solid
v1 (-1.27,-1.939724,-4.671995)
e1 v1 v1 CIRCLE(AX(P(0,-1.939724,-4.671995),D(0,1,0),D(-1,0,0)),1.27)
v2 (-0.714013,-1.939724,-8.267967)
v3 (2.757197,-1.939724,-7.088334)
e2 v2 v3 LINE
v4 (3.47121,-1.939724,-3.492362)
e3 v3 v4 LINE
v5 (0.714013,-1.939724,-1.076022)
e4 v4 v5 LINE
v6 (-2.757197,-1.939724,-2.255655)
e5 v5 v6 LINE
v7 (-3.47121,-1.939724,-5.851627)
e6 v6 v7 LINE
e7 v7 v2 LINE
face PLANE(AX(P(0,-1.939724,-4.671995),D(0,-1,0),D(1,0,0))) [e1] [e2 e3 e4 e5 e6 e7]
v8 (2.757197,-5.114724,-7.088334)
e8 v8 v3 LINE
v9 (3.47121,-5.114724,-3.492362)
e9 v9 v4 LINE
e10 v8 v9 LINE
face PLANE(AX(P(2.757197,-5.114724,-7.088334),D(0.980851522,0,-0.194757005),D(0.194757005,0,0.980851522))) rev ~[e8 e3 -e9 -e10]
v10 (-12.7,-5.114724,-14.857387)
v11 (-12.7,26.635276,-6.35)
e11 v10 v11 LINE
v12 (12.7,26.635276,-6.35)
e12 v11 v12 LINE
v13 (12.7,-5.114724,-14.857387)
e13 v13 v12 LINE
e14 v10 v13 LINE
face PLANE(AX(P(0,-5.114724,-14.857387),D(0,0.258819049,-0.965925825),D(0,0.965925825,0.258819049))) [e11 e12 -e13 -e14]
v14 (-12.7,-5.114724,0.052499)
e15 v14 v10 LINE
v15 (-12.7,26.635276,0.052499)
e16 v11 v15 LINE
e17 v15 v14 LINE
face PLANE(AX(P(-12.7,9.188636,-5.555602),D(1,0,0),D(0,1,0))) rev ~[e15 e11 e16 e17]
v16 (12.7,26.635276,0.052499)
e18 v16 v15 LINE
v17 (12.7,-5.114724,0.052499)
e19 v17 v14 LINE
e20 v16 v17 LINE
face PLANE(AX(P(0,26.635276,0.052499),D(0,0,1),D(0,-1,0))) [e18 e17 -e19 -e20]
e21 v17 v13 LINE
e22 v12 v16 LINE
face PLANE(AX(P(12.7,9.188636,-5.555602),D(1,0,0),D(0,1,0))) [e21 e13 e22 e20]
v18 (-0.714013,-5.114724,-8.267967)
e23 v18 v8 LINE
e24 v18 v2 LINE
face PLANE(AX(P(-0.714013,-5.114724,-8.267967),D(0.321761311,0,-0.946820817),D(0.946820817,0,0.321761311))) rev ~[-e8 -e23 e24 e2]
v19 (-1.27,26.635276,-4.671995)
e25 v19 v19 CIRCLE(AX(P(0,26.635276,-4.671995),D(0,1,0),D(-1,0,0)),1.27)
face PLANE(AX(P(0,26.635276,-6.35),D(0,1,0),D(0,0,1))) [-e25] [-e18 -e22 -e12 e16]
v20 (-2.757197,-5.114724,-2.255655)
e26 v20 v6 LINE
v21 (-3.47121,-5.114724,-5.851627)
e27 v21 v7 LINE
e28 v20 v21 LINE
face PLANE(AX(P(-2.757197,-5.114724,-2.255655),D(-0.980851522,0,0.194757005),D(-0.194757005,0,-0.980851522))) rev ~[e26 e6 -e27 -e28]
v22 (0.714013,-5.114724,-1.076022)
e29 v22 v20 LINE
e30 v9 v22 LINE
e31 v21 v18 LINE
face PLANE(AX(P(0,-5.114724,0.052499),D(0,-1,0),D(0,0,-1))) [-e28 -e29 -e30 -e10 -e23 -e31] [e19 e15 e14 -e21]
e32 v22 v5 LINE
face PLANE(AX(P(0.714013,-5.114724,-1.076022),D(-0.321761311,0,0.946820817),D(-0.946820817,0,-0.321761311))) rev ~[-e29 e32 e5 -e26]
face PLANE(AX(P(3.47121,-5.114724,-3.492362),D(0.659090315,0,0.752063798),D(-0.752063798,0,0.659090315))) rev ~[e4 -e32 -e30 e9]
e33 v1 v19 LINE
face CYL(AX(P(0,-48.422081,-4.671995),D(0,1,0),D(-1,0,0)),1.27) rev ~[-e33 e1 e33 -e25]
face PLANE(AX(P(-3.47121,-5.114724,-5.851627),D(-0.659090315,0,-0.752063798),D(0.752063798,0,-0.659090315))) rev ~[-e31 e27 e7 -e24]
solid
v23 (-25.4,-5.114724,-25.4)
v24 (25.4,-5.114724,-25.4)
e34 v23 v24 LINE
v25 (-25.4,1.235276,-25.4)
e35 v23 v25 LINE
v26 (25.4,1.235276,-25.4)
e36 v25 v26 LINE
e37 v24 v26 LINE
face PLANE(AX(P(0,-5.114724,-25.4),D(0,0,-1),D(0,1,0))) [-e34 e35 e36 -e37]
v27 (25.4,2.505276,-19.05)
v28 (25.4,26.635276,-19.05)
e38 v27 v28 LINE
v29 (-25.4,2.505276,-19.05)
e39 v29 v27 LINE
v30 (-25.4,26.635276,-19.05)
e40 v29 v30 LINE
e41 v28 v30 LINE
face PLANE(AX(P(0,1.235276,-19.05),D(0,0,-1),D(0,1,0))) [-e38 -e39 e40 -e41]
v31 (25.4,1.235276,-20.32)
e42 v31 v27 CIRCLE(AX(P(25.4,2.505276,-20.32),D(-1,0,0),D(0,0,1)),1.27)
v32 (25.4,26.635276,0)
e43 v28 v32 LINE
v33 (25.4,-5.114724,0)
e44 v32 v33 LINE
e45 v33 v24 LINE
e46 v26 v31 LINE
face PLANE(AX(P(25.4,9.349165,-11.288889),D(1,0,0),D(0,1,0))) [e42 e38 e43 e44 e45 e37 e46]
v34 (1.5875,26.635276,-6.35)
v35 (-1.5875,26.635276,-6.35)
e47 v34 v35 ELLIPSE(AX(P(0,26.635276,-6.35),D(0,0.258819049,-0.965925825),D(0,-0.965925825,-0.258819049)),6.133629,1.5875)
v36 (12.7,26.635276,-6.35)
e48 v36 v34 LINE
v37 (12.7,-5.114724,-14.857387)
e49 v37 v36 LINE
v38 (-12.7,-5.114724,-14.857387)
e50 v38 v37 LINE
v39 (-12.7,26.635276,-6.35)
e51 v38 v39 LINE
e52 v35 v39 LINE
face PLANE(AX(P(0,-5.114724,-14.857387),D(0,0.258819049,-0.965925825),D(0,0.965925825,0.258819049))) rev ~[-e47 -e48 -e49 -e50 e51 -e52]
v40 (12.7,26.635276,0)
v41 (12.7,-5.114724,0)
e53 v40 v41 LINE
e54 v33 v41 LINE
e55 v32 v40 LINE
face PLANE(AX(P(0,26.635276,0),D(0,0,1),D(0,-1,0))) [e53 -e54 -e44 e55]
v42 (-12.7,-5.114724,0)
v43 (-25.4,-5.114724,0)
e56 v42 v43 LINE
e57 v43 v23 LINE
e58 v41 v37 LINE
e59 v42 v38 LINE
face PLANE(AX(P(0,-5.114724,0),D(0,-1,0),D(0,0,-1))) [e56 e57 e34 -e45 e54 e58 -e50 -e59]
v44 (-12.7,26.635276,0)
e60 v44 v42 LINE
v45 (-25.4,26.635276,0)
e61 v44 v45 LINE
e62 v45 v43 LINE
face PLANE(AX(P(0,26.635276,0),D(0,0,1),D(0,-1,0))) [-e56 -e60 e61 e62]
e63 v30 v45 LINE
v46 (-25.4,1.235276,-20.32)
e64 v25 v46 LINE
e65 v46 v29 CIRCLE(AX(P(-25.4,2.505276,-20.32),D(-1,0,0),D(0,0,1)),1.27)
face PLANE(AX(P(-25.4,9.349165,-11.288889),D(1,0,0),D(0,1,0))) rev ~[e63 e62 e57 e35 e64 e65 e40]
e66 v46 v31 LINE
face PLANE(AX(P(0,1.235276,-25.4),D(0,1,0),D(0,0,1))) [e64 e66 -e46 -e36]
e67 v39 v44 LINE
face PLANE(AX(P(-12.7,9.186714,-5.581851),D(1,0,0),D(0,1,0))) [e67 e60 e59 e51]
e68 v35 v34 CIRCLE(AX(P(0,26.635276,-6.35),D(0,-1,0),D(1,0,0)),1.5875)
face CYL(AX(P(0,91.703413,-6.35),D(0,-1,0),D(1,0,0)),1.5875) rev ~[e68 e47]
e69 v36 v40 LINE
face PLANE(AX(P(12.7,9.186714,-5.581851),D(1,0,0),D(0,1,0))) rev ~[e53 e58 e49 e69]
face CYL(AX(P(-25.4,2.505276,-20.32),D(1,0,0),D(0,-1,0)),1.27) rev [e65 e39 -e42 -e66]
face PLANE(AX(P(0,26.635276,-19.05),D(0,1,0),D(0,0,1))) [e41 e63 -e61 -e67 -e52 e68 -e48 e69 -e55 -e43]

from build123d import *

# Parameters (mm, degrees)
F1_DEPTH  = 25.4
F3_DEPTH  = 12.7
F5_D      = 3.175
F7_R      = 1.27
F8_DEPTH  = 12.7
F10_D     = 2.54
F12_DEPTH = 3.175


with BuildPart() as f1:
    # F0 (on Right) → F1 (new body, symmetric)
    with BuildSketch(Plane.YZ):
        Polygon((-5.114724, 0), (-5.114724, -25.4), (1.235276, -25.4), (1.235276, -19.05), (26.635276, -19.05), (26.635276, 0), align=None)
    extrude(amount=F1_DEPTH, both=True)

    # F2 (on Right) → F3 (cut, symmetric)
    with BuildSketch(Plane.YZ):
        Polygon((26.635276, 0), (-5.114724, 0), (-5.114724, -14.857387), (26.635276, -6.35), align=None)
    extrude(amount=F3_DEPTH, both=True, mode=Mode.SUBTRACT)

    # F5 (through all)
    with Locations(Plane(origin=(0, 26.635276, 0), x_dir=(-1, 0, 0), z_dir=(0, 1, 0))):
        with Locations((0, -6.35)):
            Hole(F5_D / 2)

    # F7
    f7_edges = [f1.edges().sort_by_distance(p)[0] for p in [
        (0, 1.235276, -19.05),
    ]]
    fillet(f7_edges, radius=F7_R)


with BuildPart() as f8:
    # F6 (on Right) → F8 (new body, symmetric)
    with BuildSketch(Plane.YZ):
        Polygon((-5.114724, 0.052499), (-5.114724, -14.857387), (26.635276, -6.35), (26.635276, 0.052499), align=None)
    extrude(amount=F8_DEPTH, both=True)

    # F10 (through all)
    with Locations(Plane.XZ.offset(5.114724)):
        with Locations((0, -4.671995)):
            Hole(F10_D / 2)

    # F11 (on face) → F12 (cut)
    with BuildSketch(Plane.XZ.offset(5.114724)):
        Polygon((3.47121, -3.492362), (0.714013, -1.076022), (-2.757197, -2.255655), (-3.47121, -5.851627), (-0.714013, -8.267967), (2.757197, -7.088334), align=None)
    extrude(amount=-F12_DEPTH, mode=Mode.SUBTRACT)


solid = Compound([f1.part, f8.part])
